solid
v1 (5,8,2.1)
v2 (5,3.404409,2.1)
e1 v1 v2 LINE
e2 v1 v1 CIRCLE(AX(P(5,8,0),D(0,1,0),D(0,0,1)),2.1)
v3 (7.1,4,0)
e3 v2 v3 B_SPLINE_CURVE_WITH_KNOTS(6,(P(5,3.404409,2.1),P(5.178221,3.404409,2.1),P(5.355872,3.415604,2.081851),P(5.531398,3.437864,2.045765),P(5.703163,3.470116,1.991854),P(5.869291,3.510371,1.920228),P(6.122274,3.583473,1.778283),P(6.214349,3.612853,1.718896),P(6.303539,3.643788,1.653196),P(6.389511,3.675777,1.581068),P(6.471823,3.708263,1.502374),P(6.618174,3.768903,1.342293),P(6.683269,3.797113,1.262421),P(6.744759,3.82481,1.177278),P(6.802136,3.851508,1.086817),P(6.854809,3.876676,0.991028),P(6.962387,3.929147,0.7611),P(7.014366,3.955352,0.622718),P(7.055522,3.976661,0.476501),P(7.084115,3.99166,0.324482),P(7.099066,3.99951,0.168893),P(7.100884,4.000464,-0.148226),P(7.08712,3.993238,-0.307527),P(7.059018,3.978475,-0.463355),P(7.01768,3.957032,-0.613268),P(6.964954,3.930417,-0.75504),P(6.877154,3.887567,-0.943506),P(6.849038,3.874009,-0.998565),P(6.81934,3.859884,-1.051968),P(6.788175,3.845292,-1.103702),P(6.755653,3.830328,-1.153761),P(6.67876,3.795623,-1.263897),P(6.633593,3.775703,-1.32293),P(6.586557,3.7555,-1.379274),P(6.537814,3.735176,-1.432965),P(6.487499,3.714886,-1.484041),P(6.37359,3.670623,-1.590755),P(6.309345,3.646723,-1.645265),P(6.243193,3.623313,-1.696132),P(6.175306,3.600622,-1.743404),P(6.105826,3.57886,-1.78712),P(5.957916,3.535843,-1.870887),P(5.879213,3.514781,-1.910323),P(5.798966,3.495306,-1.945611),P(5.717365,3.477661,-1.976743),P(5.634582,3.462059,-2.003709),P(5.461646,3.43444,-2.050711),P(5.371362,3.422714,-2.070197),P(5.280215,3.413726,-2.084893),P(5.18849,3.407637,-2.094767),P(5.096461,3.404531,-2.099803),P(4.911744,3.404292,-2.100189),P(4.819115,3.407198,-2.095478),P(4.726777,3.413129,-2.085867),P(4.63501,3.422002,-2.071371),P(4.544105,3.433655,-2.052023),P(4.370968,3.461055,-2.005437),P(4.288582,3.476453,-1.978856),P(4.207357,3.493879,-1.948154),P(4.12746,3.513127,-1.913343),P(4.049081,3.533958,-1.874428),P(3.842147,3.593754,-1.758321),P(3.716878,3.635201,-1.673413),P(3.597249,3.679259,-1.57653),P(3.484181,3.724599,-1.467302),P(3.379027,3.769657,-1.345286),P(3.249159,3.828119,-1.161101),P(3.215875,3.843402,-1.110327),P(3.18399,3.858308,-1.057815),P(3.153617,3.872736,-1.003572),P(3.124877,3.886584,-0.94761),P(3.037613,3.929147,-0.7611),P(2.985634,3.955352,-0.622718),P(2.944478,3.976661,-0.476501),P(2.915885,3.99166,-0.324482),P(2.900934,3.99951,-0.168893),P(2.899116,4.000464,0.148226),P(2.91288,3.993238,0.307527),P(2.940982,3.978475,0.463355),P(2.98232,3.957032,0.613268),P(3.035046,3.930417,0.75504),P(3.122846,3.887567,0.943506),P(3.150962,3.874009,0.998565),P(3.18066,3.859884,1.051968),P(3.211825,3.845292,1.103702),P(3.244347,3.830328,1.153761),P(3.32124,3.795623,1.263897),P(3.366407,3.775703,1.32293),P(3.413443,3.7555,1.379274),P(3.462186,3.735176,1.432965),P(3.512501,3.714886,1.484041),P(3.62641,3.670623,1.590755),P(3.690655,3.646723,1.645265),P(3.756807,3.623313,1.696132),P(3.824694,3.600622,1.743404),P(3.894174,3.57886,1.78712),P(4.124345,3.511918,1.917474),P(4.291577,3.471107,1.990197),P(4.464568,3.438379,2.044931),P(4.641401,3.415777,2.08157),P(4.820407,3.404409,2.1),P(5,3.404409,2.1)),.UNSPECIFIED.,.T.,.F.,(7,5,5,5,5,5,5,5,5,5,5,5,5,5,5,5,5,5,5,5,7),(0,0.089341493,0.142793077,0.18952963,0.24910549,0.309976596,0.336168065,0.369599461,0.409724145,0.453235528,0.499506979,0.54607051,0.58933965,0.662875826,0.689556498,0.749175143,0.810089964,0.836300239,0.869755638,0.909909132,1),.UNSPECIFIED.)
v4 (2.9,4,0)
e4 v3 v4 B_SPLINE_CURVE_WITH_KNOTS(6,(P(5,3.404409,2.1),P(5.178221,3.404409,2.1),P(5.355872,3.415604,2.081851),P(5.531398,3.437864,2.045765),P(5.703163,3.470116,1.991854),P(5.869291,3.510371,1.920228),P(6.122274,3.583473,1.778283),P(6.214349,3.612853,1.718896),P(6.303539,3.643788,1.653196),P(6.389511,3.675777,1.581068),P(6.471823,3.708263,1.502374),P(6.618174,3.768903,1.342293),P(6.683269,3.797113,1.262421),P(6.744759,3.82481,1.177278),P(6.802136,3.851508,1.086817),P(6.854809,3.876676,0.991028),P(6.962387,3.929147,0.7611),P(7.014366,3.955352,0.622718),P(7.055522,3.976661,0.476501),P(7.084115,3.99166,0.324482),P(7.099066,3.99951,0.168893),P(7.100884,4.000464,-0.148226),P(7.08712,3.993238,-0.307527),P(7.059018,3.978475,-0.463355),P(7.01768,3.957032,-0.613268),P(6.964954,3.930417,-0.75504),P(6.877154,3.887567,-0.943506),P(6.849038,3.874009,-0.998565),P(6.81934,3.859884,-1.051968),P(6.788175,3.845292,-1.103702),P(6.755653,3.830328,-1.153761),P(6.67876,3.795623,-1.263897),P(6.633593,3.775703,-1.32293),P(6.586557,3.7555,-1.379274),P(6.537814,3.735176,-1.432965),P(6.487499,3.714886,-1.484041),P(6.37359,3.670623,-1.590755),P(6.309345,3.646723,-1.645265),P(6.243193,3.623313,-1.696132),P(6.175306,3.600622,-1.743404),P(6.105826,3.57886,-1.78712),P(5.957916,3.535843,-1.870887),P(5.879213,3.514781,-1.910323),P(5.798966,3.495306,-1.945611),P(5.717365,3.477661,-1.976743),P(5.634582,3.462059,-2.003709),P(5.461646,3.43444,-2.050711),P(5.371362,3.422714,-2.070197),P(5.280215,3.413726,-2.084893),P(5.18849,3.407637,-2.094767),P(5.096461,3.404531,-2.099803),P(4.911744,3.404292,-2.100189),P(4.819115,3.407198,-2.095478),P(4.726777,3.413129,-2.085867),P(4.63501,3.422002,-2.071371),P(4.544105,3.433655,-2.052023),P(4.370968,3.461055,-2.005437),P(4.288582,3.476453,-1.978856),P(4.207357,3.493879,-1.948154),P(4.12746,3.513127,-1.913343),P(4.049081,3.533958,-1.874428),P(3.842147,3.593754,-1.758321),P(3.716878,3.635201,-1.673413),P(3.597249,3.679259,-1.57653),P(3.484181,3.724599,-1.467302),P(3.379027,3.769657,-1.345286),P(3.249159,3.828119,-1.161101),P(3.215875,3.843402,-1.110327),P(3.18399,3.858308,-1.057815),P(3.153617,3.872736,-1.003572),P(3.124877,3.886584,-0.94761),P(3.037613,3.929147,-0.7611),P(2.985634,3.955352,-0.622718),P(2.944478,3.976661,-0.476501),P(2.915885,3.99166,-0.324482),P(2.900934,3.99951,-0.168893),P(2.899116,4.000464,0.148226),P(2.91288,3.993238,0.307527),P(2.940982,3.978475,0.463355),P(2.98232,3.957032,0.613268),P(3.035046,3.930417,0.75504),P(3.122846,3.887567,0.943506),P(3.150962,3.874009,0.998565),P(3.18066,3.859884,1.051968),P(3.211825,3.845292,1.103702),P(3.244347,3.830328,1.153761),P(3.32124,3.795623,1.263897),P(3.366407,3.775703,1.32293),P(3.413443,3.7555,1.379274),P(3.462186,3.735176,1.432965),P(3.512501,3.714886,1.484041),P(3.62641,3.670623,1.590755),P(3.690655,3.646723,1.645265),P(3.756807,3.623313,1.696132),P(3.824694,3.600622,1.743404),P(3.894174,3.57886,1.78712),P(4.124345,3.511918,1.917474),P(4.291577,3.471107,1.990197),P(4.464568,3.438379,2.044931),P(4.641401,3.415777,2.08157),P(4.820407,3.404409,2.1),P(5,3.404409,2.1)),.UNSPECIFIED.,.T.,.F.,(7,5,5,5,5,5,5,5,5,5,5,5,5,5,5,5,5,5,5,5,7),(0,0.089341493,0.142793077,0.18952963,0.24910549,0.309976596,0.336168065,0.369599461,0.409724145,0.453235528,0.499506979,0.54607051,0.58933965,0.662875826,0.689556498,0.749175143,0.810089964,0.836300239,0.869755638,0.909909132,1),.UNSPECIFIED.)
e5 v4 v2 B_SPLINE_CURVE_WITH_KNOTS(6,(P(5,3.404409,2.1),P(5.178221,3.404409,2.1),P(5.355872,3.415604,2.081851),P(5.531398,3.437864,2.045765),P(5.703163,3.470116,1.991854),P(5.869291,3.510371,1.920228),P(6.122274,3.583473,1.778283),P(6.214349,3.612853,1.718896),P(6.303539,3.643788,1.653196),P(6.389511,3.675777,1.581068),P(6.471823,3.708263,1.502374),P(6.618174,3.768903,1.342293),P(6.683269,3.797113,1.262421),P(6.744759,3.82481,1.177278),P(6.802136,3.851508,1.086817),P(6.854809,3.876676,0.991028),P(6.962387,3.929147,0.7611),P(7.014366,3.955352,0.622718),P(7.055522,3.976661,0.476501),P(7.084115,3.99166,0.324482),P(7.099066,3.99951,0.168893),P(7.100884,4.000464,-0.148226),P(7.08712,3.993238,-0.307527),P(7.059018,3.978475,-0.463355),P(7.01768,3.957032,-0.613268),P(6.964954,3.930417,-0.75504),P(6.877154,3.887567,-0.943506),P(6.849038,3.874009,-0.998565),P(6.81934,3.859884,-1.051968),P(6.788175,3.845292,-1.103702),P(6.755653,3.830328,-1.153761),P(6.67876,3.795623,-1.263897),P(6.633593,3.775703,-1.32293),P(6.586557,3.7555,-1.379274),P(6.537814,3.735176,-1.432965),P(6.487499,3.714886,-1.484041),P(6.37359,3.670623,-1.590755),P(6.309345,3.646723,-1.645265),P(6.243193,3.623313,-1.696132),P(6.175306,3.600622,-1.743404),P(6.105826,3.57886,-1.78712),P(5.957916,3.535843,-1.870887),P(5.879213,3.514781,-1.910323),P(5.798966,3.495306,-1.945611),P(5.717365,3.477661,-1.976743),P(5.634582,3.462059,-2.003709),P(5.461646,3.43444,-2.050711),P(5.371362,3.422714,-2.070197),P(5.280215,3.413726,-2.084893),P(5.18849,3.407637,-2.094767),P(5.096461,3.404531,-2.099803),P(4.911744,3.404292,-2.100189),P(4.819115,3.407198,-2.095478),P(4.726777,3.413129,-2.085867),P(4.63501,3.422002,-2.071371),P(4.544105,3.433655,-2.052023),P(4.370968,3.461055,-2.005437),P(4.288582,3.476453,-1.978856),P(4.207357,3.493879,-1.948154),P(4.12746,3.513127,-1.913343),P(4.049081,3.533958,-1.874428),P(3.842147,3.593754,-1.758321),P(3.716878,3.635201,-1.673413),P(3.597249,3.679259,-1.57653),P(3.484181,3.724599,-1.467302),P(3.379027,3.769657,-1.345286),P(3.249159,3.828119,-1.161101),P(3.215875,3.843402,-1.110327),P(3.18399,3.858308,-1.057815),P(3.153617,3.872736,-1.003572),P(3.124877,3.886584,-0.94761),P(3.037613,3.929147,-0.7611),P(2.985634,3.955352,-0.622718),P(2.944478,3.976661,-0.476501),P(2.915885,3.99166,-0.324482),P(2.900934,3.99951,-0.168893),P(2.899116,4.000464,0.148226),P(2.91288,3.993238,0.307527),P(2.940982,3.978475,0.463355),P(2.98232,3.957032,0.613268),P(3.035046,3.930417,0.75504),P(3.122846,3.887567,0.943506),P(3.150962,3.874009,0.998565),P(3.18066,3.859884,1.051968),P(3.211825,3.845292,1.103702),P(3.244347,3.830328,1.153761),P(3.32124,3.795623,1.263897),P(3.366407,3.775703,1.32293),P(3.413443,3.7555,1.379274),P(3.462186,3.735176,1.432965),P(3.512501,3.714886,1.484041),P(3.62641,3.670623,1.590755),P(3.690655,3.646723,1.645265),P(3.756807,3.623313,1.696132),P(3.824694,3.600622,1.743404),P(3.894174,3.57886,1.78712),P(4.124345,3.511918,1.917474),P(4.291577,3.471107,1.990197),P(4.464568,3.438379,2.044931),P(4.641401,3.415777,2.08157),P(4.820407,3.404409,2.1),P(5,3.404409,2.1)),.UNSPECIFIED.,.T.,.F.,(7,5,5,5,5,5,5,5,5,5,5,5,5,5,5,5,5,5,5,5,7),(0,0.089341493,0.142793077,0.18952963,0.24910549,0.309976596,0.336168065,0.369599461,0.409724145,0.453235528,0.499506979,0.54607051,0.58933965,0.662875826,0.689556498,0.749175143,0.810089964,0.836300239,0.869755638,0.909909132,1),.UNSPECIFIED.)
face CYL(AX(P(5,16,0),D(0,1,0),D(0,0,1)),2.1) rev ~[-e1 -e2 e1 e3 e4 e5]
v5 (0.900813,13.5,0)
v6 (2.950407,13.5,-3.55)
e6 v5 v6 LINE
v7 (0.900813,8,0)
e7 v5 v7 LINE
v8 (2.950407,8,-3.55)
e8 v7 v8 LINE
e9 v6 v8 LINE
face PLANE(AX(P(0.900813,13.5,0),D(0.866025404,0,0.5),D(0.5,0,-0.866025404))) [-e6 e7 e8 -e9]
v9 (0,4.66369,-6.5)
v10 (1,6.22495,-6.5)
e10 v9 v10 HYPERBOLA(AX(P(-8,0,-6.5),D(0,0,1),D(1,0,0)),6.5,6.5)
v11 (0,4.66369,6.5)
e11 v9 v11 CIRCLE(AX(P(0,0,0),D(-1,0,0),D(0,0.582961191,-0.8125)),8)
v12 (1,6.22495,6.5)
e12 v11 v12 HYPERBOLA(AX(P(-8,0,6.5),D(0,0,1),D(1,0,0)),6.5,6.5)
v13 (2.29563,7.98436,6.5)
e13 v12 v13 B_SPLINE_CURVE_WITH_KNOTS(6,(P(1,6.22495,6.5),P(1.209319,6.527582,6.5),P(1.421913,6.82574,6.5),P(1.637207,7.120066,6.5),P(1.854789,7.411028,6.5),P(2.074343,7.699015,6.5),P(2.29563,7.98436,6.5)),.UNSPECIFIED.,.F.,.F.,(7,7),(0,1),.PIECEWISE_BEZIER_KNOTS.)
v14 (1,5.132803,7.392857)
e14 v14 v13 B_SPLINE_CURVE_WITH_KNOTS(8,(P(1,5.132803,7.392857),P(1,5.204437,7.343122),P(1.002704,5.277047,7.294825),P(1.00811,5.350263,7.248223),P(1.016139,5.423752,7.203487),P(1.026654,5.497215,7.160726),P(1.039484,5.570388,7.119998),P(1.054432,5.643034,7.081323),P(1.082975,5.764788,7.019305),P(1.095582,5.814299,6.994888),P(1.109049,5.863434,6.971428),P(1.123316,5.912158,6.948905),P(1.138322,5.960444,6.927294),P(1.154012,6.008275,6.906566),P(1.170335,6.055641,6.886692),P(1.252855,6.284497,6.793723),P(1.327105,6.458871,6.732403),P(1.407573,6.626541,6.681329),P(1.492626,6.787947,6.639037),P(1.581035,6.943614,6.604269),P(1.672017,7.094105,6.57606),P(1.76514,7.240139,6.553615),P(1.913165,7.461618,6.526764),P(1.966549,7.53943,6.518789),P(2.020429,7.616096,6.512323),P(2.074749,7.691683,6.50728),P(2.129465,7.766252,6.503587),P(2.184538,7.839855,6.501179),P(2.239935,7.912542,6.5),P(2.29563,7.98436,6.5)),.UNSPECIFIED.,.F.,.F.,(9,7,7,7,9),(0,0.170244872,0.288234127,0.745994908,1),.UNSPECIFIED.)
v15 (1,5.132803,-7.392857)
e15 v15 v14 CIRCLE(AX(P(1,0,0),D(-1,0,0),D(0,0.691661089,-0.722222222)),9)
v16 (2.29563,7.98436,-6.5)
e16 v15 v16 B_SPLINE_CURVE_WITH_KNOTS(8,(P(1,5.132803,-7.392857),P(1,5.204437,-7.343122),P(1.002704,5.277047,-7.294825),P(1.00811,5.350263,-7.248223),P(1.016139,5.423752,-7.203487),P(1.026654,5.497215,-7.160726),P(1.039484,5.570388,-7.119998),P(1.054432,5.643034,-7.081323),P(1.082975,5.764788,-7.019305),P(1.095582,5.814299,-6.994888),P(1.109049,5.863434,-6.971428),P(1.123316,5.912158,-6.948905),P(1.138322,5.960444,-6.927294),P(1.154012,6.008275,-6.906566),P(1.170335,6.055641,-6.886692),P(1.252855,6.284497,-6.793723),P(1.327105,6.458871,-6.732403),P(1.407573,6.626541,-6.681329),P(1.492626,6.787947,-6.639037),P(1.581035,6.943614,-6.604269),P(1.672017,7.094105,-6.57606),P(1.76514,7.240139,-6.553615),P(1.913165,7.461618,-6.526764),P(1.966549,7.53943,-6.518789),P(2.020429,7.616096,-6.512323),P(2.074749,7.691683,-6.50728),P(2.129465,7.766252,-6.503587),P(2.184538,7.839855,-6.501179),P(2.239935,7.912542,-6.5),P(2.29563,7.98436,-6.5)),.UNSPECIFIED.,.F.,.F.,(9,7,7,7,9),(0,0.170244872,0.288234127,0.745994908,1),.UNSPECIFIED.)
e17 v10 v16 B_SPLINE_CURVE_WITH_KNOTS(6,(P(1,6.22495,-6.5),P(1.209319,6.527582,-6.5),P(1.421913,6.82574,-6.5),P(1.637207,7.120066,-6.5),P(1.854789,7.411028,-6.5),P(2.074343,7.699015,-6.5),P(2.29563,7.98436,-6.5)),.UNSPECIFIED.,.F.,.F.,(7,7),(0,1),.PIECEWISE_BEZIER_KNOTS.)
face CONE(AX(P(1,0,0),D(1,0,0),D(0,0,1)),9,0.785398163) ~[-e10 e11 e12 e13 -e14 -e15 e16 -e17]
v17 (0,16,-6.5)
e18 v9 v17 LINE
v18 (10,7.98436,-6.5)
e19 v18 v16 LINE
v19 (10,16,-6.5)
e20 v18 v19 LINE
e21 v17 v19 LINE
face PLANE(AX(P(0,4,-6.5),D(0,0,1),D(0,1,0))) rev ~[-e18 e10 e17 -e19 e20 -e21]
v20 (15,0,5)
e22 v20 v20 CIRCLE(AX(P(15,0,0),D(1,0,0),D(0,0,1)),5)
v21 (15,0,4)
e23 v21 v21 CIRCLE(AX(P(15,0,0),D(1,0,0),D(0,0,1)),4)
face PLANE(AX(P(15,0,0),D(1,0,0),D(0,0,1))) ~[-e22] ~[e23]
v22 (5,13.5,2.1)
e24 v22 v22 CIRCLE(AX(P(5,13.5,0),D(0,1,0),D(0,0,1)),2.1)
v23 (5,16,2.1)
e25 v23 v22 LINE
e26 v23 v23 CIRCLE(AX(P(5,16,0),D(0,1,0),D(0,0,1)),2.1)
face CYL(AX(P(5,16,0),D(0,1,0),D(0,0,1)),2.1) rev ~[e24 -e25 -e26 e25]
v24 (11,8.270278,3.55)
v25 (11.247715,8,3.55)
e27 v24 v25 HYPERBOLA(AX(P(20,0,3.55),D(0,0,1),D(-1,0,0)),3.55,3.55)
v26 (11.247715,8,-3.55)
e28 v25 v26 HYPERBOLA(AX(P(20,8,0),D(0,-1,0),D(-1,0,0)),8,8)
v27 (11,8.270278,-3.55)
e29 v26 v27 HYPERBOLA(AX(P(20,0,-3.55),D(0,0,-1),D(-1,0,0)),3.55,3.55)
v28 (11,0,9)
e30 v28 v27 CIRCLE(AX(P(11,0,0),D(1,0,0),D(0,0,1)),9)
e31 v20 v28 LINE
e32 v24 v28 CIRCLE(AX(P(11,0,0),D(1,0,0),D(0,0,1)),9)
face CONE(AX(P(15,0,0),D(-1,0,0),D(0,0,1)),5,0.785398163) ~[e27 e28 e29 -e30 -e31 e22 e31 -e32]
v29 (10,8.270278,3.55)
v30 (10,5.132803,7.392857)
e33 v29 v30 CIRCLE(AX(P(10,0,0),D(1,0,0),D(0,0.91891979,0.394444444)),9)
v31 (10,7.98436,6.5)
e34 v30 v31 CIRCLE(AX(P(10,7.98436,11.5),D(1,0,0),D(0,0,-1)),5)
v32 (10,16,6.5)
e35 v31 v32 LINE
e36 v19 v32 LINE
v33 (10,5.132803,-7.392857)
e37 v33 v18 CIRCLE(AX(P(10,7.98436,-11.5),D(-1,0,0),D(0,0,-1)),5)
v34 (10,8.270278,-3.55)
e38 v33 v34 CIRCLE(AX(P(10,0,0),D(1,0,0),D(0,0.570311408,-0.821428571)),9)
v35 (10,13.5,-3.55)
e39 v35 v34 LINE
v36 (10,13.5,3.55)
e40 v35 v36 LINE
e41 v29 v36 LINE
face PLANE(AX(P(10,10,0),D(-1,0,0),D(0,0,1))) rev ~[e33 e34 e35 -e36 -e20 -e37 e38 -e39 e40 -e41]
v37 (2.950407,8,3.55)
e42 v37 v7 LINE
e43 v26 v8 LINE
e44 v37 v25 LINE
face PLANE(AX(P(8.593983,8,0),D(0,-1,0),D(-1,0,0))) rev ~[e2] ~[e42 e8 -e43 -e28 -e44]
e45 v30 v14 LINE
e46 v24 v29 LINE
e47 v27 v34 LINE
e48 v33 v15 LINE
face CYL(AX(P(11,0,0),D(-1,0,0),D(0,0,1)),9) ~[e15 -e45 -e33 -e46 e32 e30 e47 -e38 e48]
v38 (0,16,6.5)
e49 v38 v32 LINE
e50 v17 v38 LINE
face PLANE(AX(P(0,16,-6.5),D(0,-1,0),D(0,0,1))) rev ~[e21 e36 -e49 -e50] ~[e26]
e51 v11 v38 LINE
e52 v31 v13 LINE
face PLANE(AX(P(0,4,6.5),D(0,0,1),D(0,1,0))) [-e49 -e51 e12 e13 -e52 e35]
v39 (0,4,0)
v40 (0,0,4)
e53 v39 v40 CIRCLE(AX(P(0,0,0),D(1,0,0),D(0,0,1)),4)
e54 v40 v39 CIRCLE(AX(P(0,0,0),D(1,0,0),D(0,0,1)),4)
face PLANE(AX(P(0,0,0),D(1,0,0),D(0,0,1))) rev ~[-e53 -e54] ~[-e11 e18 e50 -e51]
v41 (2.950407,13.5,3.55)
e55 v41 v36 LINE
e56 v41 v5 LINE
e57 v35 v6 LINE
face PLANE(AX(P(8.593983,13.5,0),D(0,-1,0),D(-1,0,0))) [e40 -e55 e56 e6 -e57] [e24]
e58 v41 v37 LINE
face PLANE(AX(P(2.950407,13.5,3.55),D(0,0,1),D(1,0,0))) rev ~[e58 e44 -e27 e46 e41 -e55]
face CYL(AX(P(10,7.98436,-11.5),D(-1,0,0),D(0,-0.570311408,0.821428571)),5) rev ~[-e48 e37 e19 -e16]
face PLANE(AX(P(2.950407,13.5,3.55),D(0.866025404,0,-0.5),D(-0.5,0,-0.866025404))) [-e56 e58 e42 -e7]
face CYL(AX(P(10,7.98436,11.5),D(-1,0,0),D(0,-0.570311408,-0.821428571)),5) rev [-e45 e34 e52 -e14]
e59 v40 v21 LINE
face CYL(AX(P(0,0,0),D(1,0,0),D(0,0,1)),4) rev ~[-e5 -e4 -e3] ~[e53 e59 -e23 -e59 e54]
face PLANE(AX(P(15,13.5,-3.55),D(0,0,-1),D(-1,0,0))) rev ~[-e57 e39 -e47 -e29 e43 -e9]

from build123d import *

# Parameters (mm, degrees)
SKETCH2_W               = 13
SKETCH2_H               = 12
BOSS_EXTRUDE1_DEPTH     = 10
CUT_EXTRUDE1_REACH      = 32.512
CUT_EXTRUDE1_END_RADIUS = 4
SKETCH3_R               = 2.1
CUT_EXTRUDE2_START      = -2.5
CUT_EXTRUDE2_DEPTH      = 5.5
FILLET1_R               = 5


with BuildPart() as part:
    # Sketch1 → Revolve1 (revolve)
    with BuildSketch(Plane.XY, mode=Mode.PRIVATE) as revolve1_sk:
        Polygon((0, 4), (15, 4), (15, 5), (11, 9), (1, 9), (0, 8), align=None)
    revolve(revolve1_sk.sketch.rotate(Axis((0, 0, 0), (1, 0, 0)), 90), axis=Axis((0, 0, 0), (1, 0, 0)))

    # Sketch2 → Boss-Extrude1 (add)
    with BuildSketch(Plane.ZY):
        with Locations((0, 10)):
            Rectangle(SKETCH2_W, SKETCH2_H)
    extrude(amount=-BOSS_EXTRUDE1_DEPTH)

    # Cut-Extrude1: up to this cylinder (the profile starts outside it)
    cut_extrude1_end = Plane(origin=(5, 0, 0), z_dir=(-1, 0, 0)) * Cylinder(CUT_EXTRUDE1_END_RADIUS, 74.024, mode=Mode.PRIVATE)
    # Sketch3 → Cut-Extrude1 (cut, up to the surface)
    with BuildSketch(Plane(origin=(0, 16, 0), x_dir=(1, 0, 0), z_dir=(0, 1, 0)), mode=Mode.PRIVATE) as cut_extrude1_sk1:
        with Locations(Location((5, 0, 0), (0, 0, 270))):
            Circle(SKETCH3_R)
    cut_extrude1_tool1 = extrude(cut_extrude1_sk1.sketch, amount=-CUT_EXTRUDE1_REACH, mode=Mode.PRIVATE) - cut_extrude1_end
    add(cut_extrude1_tool1.solids().sort_by_distance((5, 16, 0))[0], mode=Mode.SUBTRACT)

    # Sketch4 → Cut-Extrude2 (cut)
    with BuildSketch(Plane(origin=(0, 16, 0), x_dir=(1, 0, 0), z_dir=(0, 1, 0)).offset(CUT_EXTRUDE2_START)):
        Polygon((7.049593456, 3.55), (15, 3.55), (15, -3.55), (7.049593456, -3.55), (2.950406544, -3.55), (0.900813089, 0), (2.950406544, 3.55), align=None)
    extrude(amount=-CUT_EXTRUDE2_DEPTH, mode=Mode.SUBTRACT)

    # Fillet1
    fillet1_edges = [part.edges().sort_by_distance(p)[0] for p in [
        (5.5, 6.224949799, -6.5),
        (5.5, 6.224949799, 6.5),
    ]]
    fillet(fillet1_edges, radius=FILLET1_R)


solid = part.part
